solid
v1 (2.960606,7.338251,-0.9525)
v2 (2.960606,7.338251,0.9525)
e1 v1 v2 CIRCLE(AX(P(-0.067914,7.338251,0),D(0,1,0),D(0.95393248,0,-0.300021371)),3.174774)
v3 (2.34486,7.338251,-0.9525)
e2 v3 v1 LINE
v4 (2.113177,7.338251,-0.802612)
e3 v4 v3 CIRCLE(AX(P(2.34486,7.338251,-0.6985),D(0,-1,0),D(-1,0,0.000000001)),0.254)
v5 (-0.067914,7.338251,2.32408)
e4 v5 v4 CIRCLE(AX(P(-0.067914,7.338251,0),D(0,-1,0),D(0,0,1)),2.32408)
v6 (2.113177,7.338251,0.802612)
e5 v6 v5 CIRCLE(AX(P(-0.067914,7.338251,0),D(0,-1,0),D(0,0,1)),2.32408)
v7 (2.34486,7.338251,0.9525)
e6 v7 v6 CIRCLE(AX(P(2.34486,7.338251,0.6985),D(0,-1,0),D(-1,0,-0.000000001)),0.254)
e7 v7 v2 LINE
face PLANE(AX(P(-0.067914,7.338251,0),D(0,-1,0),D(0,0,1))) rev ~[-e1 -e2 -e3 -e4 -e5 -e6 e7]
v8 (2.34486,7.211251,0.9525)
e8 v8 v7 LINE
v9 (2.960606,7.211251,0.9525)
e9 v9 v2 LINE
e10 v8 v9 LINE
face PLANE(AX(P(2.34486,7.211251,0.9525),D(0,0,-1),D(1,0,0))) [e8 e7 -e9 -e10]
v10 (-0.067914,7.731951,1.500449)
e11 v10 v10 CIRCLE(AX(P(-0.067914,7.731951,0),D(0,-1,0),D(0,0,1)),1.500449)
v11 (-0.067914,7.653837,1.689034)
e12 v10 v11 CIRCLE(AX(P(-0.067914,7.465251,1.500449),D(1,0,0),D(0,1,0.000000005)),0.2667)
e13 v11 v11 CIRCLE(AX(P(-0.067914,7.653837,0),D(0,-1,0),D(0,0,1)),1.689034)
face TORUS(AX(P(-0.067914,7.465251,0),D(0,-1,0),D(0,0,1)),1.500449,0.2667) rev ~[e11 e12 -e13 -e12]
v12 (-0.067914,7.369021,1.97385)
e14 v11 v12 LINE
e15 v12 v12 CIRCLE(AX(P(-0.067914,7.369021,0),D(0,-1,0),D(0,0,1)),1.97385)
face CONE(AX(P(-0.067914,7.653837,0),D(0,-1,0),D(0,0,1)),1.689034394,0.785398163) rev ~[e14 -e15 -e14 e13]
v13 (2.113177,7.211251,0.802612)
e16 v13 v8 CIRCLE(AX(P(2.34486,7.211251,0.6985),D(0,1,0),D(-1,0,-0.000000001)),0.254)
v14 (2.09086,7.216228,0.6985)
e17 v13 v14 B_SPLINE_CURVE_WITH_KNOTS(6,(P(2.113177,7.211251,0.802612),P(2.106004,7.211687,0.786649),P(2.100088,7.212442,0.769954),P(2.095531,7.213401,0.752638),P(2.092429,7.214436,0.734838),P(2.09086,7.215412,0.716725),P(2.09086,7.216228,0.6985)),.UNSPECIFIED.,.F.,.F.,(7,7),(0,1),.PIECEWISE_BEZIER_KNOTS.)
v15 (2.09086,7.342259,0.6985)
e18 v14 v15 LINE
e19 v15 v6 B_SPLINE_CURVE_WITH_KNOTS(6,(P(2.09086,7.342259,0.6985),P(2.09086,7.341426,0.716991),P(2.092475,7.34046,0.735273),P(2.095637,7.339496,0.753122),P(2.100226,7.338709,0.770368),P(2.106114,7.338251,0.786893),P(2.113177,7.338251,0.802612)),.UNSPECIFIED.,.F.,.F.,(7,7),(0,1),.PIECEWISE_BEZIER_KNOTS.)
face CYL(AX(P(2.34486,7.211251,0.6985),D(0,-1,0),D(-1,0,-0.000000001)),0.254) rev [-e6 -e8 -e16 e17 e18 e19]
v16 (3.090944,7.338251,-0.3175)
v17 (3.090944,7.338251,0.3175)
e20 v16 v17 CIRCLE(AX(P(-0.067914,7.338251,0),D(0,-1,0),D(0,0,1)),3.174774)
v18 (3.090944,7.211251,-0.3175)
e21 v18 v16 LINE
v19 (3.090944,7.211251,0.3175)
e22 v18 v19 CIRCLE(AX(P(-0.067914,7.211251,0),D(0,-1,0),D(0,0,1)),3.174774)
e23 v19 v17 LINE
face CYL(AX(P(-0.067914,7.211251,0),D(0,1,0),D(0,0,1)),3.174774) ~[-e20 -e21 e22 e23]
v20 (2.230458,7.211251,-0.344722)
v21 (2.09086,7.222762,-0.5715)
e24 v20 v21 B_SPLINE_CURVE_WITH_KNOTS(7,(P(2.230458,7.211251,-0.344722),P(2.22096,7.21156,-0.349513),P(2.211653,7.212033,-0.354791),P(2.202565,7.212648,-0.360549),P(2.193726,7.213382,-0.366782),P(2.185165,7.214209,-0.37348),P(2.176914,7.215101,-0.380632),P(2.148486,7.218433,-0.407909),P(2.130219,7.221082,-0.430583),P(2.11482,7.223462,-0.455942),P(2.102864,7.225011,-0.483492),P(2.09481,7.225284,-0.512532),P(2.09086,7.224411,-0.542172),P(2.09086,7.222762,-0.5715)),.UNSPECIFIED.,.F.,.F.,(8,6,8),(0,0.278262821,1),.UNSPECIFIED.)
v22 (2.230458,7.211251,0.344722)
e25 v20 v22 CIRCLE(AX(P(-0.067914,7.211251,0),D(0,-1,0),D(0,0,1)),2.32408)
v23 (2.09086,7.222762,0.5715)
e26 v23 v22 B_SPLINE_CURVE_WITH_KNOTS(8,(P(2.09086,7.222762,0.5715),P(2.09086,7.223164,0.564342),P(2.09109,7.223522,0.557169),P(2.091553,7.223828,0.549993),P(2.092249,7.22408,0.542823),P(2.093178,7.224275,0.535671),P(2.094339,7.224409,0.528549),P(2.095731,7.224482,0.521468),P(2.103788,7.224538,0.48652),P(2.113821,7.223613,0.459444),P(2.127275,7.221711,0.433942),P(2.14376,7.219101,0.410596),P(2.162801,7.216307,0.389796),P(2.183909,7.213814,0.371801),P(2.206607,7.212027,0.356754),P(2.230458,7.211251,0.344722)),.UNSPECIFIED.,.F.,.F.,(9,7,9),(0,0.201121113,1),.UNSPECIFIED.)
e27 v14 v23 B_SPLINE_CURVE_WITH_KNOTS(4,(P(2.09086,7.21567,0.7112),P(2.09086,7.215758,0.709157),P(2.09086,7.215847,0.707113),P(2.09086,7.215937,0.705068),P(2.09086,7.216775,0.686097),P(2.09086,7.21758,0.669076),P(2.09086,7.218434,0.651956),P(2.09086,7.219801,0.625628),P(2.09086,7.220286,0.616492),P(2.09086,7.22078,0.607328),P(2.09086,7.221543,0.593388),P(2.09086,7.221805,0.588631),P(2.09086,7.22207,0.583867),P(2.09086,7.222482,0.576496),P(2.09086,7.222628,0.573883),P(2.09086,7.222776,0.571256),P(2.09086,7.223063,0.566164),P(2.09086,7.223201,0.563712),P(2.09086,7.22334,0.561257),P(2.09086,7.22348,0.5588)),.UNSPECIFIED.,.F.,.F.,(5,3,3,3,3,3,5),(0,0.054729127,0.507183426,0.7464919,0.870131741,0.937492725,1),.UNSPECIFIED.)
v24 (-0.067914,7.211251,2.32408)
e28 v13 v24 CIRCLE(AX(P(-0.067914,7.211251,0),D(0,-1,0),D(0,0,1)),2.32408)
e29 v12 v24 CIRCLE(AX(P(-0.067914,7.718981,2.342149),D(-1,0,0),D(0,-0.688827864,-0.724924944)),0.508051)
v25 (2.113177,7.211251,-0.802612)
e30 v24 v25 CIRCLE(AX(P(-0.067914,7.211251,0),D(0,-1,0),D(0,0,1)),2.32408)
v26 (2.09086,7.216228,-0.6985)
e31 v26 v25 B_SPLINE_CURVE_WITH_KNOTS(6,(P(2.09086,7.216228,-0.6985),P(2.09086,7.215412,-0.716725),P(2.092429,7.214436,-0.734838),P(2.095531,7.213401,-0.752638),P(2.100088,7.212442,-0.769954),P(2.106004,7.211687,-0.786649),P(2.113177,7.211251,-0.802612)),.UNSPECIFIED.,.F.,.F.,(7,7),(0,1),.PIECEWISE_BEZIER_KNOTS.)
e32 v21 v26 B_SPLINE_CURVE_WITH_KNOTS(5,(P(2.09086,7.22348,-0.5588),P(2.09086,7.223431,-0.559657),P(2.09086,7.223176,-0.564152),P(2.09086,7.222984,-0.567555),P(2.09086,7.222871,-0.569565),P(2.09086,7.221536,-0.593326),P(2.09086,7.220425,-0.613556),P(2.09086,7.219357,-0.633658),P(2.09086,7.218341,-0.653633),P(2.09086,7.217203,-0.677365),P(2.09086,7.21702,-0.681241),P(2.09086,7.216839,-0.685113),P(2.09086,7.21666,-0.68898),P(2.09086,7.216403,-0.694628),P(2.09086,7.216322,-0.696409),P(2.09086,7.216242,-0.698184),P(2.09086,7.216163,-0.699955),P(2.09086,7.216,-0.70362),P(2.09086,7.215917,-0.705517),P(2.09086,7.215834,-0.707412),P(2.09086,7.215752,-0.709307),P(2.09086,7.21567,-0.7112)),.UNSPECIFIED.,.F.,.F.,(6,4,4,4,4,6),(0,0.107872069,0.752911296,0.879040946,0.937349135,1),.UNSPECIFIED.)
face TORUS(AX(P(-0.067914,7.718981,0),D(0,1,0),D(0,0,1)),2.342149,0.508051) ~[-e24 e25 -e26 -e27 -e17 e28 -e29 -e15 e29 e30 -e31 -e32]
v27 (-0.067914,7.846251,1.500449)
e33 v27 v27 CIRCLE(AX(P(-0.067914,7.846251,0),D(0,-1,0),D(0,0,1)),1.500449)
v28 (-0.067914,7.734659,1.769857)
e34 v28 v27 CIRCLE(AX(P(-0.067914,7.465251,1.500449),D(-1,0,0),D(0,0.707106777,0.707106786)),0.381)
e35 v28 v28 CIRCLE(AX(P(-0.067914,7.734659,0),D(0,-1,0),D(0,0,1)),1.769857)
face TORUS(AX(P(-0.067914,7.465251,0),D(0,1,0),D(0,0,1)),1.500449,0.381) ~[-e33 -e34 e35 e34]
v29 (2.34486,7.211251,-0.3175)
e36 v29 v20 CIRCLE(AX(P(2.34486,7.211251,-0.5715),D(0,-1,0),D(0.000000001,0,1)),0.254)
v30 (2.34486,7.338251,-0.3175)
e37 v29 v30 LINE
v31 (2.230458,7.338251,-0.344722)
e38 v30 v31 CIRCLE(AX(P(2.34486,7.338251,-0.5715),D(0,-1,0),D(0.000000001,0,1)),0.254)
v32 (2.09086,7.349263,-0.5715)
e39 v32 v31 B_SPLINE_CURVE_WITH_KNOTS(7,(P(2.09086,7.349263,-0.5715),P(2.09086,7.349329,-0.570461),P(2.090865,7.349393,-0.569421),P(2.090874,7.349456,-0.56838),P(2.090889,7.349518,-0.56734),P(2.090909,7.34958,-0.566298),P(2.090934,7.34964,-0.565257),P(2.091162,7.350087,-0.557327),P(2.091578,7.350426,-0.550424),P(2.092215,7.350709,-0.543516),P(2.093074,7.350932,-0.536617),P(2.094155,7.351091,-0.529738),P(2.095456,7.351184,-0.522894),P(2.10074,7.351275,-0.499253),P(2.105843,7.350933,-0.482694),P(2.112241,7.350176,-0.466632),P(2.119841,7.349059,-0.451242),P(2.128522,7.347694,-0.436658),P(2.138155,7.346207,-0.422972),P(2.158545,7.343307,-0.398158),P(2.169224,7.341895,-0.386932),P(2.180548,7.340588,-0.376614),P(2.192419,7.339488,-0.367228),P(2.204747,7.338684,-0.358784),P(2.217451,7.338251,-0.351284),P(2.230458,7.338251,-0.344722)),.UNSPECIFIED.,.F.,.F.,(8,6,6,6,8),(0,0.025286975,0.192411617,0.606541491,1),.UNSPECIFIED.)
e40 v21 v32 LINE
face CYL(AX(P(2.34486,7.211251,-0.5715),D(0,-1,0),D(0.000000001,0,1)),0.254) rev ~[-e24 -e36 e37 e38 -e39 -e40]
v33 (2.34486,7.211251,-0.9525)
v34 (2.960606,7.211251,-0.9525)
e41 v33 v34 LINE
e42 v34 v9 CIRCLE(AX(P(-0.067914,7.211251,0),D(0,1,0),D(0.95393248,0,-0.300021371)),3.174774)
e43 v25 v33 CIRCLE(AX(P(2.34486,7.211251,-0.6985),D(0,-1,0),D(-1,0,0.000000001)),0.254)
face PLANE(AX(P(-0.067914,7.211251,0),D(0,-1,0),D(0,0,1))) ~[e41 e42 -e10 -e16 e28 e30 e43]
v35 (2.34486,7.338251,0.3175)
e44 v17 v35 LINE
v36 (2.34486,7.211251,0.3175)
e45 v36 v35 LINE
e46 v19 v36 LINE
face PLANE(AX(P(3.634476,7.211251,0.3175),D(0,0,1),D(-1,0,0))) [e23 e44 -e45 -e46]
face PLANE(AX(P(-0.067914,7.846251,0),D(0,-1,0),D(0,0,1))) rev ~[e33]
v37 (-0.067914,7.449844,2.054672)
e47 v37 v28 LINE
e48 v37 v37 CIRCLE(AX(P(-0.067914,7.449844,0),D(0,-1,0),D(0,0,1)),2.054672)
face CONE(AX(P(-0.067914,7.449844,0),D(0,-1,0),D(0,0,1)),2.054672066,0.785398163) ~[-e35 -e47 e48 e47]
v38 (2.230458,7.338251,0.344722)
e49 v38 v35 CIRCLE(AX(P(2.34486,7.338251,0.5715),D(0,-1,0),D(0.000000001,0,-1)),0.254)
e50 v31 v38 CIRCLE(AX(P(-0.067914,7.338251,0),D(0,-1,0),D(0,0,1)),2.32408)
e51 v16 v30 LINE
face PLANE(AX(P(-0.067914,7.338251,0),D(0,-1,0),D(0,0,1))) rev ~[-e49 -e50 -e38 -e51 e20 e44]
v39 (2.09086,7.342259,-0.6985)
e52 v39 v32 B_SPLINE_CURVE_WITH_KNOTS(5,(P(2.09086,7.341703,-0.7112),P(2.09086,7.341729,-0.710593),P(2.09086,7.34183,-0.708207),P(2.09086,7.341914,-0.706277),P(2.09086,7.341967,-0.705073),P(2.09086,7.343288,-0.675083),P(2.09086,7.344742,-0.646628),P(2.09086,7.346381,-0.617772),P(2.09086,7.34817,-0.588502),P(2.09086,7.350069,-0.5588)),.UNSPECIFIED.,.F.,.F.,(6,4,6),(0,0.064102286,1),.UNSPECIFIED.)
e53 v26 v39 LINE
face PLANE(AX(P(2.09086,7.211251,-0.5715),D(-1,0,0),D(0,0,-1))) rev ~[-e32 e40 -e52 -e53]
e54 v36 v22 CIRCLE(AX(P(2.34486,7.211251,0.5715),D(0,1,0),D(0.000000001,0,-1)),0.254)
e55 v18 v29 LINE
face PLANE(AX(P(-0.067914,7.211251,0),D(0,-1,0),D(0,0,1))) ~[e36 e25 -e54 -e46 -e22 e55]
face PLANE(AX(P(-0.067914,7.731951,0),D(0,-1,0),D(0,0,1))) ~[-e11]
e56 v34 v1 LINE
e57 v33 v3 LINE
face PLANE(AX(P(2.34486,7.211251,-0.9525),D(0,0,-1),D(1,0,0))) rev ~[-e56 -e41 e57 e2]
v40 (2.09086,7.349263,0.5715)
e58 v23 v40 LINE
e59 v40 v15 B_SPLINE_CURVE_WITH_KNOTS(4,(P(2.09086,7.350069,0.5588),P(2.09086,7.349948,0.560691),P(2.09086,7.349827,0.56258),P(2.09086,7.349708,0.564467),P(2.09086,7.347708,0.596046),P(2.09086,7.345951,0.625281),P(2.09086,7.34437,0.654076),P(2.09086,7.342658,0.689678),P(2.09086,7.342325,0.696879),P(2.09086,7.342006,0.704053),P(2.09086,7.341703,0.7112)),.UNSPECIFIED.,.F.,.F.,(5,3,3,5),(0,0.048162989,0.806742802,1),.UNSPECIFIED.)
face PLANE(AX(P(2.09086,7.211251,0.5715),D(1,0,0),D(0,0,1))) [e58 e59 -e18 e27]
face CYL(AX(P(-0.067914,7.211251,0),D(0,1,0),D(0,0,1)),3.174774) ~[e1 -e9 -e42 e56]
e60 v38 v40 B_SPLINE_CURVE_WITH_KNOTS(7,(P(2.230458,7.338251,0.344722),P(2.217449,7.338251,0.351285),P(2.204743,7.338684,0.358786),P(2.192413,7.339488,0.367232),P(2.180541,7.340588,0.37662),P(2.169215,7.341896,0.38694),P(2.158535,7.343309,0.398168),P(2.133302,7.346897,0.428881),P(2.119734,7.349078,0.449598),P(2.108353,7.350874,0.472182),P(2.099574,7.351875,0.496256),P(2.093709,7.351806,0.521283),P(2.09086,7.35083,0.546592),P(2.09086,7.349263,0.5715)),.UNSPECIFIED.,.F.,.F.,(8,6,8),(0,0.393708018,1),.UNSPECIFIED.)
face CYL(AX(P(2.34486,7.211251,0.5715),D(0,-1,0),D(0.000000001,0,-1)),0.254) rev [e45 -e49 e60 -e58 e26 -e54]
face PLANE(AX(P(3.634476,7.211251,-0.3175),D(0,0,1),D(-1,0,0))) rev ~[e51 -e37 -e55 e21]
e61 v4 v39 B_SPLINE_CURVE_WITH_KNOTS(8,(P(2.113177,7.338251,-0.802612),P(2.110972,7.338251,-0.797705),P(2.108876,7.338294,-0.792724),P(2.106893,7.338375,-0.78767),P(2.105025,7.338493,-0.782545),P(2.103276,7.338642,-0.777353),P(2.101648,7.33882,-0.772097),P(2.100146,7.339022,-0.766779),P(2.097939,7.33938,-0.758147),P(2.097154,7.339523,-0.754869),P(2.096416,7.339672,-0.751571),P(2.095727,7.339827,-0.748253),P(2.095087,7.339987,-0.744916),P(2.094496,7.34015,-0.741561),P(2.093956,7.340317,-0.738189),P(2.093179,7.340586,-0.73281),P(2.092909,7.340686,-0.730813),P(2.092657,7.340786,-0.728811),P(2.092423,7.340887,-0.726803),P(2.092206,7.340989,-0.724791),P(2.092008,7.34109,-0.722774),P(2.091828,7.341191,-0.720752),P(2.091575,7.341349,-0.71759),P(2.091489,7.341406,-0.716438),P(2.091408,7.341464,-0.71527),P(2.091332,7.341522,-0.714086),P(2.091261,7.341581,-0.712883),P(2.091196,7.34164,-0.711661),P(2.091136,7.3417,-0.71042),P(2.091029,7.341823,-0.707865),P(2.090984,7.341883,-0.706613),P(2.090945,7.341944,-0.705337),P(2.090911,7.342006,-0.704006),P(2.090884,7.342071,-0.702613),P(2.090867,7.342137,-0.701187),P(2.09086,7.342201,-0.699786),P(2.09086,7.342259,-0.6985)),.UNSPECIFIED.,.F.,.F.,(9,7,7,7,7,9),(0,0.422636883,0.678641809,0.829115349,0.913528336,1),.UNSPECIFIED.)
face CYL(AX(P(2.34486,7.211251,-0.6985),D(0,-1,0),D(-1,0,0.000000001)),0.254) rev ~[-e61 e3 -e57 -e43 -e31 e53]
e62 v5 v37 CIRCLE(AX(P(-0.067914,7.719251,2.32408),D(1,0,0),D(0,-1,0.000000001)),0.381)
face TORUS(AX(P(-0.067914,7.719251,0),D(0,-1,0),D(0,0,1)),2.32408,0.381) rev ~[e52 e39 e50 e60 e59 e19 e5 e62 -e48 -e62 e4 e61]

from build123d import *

# Parameters (mm, degrees)
CUT_EXTRUDE1_DEPTH = 5.582296376


with BuildPart() as part:
    # Sketch1 → Revolve2 (revolve)
    with BuildSketch(Plane.XY, mode=Mode.PRIVATE) as revolve2_sk:
        with BuildLine():
            Line((1.432534745, 7.84625121), (-0.067914271, 7.84625121))
            Line((-0.067914271, 7.84625121), (-0.067914271, 7.73195121))
            Line((-0.067914271, 7.73195121), (1.432534745, 7.73195121))
            ThreePointArc((1.432534745, 7.73195121), (1.534596416, 7.711649881), (1.621120123, 7.653836588))
            Line((1.621120123, 7.653836588), (1.90593549, 7.369021221))
            ThreePointArc((1.90593549, 7.369021221), (2.065565133, 7.255760643), (2.256165479, 7.21125121))
            Line((2.256165479, 7.21125121), (3.106859566, 7.21125121))
            Line((3.106859566, 7.21125121), (3.106859566, 7.33825121))
            Line((3.106859566, 7.33825121), (2.256165479, 7.33825121))
            ThreePointArc((2.256165479, 7.33825121), (2.110363091, 7.367253108), (1.986757795, 7.449843526))
            Line((1.986757795, 7.449843526), (1.701942428, 7.734658893))
            ThreePointArc((1.701942428, 7.734658893), (1.578337132, 7.817249312), (1.432534745, 7.84625121))
        make_face()
    revolve(revolve2_sk.sketch.rotate(Axis((-0.067914271, 7.84625121, 0), (0, -1, 0)), 90), axis=Axis((-0.067914271, 7.84625121, 0), (0, -1, 0)))

    # Sketch2 → Cut-Extrude1 (cut, through all)
    with BuildSketch(Plane.XZ.offset(-7.21125121)):
        with BuildLine():
            Line((2.090859566, -0.5715), (2.090859566, -0.6985))
            ThreePointArc((2.090859566, -0.6985), (2.165254443, -0.878105122), (2.344859566, -0.9525))
            Line((2.344859566, -0.9525), (3.634475543, -0.9525))
            Line((3.634475543, -0.9525), (3.634475543, -0.3175))
            Line((3.634475543, -0.3175), (2.344859566, -0.3175))
            ThreePointArc((2.344859566, -0.3175), (2.165254443, -0.391894878), (2.090859566, -0.5715))
        make_face()
        with BuildLine():
            Line((2.344859566, 0.9525), (3.634475543, 0.9525))
            Line((3.634475543, 0.9525), (3.634475543, 0.3175))
            Line((3.634475543, 0.3175), (2.344859566, 0.3175))
            ThreePointArc((2.344859566, 0.3175), (2.165254443, 0.391894878), (2.090859566, 0.5715))
            Line((2.090859566, 0.5715), (2.090859566, 0.6985))
            ThreePointArc((2.090859566, 0.6985), (2.165254443, 0.878105122), (2.344859566, 0.9525))
        make_face()
    extrude(amount=-CUT_EXTRUDE1_DEPTH, mode=Mode.SUBTRACT)


solid = part.part
